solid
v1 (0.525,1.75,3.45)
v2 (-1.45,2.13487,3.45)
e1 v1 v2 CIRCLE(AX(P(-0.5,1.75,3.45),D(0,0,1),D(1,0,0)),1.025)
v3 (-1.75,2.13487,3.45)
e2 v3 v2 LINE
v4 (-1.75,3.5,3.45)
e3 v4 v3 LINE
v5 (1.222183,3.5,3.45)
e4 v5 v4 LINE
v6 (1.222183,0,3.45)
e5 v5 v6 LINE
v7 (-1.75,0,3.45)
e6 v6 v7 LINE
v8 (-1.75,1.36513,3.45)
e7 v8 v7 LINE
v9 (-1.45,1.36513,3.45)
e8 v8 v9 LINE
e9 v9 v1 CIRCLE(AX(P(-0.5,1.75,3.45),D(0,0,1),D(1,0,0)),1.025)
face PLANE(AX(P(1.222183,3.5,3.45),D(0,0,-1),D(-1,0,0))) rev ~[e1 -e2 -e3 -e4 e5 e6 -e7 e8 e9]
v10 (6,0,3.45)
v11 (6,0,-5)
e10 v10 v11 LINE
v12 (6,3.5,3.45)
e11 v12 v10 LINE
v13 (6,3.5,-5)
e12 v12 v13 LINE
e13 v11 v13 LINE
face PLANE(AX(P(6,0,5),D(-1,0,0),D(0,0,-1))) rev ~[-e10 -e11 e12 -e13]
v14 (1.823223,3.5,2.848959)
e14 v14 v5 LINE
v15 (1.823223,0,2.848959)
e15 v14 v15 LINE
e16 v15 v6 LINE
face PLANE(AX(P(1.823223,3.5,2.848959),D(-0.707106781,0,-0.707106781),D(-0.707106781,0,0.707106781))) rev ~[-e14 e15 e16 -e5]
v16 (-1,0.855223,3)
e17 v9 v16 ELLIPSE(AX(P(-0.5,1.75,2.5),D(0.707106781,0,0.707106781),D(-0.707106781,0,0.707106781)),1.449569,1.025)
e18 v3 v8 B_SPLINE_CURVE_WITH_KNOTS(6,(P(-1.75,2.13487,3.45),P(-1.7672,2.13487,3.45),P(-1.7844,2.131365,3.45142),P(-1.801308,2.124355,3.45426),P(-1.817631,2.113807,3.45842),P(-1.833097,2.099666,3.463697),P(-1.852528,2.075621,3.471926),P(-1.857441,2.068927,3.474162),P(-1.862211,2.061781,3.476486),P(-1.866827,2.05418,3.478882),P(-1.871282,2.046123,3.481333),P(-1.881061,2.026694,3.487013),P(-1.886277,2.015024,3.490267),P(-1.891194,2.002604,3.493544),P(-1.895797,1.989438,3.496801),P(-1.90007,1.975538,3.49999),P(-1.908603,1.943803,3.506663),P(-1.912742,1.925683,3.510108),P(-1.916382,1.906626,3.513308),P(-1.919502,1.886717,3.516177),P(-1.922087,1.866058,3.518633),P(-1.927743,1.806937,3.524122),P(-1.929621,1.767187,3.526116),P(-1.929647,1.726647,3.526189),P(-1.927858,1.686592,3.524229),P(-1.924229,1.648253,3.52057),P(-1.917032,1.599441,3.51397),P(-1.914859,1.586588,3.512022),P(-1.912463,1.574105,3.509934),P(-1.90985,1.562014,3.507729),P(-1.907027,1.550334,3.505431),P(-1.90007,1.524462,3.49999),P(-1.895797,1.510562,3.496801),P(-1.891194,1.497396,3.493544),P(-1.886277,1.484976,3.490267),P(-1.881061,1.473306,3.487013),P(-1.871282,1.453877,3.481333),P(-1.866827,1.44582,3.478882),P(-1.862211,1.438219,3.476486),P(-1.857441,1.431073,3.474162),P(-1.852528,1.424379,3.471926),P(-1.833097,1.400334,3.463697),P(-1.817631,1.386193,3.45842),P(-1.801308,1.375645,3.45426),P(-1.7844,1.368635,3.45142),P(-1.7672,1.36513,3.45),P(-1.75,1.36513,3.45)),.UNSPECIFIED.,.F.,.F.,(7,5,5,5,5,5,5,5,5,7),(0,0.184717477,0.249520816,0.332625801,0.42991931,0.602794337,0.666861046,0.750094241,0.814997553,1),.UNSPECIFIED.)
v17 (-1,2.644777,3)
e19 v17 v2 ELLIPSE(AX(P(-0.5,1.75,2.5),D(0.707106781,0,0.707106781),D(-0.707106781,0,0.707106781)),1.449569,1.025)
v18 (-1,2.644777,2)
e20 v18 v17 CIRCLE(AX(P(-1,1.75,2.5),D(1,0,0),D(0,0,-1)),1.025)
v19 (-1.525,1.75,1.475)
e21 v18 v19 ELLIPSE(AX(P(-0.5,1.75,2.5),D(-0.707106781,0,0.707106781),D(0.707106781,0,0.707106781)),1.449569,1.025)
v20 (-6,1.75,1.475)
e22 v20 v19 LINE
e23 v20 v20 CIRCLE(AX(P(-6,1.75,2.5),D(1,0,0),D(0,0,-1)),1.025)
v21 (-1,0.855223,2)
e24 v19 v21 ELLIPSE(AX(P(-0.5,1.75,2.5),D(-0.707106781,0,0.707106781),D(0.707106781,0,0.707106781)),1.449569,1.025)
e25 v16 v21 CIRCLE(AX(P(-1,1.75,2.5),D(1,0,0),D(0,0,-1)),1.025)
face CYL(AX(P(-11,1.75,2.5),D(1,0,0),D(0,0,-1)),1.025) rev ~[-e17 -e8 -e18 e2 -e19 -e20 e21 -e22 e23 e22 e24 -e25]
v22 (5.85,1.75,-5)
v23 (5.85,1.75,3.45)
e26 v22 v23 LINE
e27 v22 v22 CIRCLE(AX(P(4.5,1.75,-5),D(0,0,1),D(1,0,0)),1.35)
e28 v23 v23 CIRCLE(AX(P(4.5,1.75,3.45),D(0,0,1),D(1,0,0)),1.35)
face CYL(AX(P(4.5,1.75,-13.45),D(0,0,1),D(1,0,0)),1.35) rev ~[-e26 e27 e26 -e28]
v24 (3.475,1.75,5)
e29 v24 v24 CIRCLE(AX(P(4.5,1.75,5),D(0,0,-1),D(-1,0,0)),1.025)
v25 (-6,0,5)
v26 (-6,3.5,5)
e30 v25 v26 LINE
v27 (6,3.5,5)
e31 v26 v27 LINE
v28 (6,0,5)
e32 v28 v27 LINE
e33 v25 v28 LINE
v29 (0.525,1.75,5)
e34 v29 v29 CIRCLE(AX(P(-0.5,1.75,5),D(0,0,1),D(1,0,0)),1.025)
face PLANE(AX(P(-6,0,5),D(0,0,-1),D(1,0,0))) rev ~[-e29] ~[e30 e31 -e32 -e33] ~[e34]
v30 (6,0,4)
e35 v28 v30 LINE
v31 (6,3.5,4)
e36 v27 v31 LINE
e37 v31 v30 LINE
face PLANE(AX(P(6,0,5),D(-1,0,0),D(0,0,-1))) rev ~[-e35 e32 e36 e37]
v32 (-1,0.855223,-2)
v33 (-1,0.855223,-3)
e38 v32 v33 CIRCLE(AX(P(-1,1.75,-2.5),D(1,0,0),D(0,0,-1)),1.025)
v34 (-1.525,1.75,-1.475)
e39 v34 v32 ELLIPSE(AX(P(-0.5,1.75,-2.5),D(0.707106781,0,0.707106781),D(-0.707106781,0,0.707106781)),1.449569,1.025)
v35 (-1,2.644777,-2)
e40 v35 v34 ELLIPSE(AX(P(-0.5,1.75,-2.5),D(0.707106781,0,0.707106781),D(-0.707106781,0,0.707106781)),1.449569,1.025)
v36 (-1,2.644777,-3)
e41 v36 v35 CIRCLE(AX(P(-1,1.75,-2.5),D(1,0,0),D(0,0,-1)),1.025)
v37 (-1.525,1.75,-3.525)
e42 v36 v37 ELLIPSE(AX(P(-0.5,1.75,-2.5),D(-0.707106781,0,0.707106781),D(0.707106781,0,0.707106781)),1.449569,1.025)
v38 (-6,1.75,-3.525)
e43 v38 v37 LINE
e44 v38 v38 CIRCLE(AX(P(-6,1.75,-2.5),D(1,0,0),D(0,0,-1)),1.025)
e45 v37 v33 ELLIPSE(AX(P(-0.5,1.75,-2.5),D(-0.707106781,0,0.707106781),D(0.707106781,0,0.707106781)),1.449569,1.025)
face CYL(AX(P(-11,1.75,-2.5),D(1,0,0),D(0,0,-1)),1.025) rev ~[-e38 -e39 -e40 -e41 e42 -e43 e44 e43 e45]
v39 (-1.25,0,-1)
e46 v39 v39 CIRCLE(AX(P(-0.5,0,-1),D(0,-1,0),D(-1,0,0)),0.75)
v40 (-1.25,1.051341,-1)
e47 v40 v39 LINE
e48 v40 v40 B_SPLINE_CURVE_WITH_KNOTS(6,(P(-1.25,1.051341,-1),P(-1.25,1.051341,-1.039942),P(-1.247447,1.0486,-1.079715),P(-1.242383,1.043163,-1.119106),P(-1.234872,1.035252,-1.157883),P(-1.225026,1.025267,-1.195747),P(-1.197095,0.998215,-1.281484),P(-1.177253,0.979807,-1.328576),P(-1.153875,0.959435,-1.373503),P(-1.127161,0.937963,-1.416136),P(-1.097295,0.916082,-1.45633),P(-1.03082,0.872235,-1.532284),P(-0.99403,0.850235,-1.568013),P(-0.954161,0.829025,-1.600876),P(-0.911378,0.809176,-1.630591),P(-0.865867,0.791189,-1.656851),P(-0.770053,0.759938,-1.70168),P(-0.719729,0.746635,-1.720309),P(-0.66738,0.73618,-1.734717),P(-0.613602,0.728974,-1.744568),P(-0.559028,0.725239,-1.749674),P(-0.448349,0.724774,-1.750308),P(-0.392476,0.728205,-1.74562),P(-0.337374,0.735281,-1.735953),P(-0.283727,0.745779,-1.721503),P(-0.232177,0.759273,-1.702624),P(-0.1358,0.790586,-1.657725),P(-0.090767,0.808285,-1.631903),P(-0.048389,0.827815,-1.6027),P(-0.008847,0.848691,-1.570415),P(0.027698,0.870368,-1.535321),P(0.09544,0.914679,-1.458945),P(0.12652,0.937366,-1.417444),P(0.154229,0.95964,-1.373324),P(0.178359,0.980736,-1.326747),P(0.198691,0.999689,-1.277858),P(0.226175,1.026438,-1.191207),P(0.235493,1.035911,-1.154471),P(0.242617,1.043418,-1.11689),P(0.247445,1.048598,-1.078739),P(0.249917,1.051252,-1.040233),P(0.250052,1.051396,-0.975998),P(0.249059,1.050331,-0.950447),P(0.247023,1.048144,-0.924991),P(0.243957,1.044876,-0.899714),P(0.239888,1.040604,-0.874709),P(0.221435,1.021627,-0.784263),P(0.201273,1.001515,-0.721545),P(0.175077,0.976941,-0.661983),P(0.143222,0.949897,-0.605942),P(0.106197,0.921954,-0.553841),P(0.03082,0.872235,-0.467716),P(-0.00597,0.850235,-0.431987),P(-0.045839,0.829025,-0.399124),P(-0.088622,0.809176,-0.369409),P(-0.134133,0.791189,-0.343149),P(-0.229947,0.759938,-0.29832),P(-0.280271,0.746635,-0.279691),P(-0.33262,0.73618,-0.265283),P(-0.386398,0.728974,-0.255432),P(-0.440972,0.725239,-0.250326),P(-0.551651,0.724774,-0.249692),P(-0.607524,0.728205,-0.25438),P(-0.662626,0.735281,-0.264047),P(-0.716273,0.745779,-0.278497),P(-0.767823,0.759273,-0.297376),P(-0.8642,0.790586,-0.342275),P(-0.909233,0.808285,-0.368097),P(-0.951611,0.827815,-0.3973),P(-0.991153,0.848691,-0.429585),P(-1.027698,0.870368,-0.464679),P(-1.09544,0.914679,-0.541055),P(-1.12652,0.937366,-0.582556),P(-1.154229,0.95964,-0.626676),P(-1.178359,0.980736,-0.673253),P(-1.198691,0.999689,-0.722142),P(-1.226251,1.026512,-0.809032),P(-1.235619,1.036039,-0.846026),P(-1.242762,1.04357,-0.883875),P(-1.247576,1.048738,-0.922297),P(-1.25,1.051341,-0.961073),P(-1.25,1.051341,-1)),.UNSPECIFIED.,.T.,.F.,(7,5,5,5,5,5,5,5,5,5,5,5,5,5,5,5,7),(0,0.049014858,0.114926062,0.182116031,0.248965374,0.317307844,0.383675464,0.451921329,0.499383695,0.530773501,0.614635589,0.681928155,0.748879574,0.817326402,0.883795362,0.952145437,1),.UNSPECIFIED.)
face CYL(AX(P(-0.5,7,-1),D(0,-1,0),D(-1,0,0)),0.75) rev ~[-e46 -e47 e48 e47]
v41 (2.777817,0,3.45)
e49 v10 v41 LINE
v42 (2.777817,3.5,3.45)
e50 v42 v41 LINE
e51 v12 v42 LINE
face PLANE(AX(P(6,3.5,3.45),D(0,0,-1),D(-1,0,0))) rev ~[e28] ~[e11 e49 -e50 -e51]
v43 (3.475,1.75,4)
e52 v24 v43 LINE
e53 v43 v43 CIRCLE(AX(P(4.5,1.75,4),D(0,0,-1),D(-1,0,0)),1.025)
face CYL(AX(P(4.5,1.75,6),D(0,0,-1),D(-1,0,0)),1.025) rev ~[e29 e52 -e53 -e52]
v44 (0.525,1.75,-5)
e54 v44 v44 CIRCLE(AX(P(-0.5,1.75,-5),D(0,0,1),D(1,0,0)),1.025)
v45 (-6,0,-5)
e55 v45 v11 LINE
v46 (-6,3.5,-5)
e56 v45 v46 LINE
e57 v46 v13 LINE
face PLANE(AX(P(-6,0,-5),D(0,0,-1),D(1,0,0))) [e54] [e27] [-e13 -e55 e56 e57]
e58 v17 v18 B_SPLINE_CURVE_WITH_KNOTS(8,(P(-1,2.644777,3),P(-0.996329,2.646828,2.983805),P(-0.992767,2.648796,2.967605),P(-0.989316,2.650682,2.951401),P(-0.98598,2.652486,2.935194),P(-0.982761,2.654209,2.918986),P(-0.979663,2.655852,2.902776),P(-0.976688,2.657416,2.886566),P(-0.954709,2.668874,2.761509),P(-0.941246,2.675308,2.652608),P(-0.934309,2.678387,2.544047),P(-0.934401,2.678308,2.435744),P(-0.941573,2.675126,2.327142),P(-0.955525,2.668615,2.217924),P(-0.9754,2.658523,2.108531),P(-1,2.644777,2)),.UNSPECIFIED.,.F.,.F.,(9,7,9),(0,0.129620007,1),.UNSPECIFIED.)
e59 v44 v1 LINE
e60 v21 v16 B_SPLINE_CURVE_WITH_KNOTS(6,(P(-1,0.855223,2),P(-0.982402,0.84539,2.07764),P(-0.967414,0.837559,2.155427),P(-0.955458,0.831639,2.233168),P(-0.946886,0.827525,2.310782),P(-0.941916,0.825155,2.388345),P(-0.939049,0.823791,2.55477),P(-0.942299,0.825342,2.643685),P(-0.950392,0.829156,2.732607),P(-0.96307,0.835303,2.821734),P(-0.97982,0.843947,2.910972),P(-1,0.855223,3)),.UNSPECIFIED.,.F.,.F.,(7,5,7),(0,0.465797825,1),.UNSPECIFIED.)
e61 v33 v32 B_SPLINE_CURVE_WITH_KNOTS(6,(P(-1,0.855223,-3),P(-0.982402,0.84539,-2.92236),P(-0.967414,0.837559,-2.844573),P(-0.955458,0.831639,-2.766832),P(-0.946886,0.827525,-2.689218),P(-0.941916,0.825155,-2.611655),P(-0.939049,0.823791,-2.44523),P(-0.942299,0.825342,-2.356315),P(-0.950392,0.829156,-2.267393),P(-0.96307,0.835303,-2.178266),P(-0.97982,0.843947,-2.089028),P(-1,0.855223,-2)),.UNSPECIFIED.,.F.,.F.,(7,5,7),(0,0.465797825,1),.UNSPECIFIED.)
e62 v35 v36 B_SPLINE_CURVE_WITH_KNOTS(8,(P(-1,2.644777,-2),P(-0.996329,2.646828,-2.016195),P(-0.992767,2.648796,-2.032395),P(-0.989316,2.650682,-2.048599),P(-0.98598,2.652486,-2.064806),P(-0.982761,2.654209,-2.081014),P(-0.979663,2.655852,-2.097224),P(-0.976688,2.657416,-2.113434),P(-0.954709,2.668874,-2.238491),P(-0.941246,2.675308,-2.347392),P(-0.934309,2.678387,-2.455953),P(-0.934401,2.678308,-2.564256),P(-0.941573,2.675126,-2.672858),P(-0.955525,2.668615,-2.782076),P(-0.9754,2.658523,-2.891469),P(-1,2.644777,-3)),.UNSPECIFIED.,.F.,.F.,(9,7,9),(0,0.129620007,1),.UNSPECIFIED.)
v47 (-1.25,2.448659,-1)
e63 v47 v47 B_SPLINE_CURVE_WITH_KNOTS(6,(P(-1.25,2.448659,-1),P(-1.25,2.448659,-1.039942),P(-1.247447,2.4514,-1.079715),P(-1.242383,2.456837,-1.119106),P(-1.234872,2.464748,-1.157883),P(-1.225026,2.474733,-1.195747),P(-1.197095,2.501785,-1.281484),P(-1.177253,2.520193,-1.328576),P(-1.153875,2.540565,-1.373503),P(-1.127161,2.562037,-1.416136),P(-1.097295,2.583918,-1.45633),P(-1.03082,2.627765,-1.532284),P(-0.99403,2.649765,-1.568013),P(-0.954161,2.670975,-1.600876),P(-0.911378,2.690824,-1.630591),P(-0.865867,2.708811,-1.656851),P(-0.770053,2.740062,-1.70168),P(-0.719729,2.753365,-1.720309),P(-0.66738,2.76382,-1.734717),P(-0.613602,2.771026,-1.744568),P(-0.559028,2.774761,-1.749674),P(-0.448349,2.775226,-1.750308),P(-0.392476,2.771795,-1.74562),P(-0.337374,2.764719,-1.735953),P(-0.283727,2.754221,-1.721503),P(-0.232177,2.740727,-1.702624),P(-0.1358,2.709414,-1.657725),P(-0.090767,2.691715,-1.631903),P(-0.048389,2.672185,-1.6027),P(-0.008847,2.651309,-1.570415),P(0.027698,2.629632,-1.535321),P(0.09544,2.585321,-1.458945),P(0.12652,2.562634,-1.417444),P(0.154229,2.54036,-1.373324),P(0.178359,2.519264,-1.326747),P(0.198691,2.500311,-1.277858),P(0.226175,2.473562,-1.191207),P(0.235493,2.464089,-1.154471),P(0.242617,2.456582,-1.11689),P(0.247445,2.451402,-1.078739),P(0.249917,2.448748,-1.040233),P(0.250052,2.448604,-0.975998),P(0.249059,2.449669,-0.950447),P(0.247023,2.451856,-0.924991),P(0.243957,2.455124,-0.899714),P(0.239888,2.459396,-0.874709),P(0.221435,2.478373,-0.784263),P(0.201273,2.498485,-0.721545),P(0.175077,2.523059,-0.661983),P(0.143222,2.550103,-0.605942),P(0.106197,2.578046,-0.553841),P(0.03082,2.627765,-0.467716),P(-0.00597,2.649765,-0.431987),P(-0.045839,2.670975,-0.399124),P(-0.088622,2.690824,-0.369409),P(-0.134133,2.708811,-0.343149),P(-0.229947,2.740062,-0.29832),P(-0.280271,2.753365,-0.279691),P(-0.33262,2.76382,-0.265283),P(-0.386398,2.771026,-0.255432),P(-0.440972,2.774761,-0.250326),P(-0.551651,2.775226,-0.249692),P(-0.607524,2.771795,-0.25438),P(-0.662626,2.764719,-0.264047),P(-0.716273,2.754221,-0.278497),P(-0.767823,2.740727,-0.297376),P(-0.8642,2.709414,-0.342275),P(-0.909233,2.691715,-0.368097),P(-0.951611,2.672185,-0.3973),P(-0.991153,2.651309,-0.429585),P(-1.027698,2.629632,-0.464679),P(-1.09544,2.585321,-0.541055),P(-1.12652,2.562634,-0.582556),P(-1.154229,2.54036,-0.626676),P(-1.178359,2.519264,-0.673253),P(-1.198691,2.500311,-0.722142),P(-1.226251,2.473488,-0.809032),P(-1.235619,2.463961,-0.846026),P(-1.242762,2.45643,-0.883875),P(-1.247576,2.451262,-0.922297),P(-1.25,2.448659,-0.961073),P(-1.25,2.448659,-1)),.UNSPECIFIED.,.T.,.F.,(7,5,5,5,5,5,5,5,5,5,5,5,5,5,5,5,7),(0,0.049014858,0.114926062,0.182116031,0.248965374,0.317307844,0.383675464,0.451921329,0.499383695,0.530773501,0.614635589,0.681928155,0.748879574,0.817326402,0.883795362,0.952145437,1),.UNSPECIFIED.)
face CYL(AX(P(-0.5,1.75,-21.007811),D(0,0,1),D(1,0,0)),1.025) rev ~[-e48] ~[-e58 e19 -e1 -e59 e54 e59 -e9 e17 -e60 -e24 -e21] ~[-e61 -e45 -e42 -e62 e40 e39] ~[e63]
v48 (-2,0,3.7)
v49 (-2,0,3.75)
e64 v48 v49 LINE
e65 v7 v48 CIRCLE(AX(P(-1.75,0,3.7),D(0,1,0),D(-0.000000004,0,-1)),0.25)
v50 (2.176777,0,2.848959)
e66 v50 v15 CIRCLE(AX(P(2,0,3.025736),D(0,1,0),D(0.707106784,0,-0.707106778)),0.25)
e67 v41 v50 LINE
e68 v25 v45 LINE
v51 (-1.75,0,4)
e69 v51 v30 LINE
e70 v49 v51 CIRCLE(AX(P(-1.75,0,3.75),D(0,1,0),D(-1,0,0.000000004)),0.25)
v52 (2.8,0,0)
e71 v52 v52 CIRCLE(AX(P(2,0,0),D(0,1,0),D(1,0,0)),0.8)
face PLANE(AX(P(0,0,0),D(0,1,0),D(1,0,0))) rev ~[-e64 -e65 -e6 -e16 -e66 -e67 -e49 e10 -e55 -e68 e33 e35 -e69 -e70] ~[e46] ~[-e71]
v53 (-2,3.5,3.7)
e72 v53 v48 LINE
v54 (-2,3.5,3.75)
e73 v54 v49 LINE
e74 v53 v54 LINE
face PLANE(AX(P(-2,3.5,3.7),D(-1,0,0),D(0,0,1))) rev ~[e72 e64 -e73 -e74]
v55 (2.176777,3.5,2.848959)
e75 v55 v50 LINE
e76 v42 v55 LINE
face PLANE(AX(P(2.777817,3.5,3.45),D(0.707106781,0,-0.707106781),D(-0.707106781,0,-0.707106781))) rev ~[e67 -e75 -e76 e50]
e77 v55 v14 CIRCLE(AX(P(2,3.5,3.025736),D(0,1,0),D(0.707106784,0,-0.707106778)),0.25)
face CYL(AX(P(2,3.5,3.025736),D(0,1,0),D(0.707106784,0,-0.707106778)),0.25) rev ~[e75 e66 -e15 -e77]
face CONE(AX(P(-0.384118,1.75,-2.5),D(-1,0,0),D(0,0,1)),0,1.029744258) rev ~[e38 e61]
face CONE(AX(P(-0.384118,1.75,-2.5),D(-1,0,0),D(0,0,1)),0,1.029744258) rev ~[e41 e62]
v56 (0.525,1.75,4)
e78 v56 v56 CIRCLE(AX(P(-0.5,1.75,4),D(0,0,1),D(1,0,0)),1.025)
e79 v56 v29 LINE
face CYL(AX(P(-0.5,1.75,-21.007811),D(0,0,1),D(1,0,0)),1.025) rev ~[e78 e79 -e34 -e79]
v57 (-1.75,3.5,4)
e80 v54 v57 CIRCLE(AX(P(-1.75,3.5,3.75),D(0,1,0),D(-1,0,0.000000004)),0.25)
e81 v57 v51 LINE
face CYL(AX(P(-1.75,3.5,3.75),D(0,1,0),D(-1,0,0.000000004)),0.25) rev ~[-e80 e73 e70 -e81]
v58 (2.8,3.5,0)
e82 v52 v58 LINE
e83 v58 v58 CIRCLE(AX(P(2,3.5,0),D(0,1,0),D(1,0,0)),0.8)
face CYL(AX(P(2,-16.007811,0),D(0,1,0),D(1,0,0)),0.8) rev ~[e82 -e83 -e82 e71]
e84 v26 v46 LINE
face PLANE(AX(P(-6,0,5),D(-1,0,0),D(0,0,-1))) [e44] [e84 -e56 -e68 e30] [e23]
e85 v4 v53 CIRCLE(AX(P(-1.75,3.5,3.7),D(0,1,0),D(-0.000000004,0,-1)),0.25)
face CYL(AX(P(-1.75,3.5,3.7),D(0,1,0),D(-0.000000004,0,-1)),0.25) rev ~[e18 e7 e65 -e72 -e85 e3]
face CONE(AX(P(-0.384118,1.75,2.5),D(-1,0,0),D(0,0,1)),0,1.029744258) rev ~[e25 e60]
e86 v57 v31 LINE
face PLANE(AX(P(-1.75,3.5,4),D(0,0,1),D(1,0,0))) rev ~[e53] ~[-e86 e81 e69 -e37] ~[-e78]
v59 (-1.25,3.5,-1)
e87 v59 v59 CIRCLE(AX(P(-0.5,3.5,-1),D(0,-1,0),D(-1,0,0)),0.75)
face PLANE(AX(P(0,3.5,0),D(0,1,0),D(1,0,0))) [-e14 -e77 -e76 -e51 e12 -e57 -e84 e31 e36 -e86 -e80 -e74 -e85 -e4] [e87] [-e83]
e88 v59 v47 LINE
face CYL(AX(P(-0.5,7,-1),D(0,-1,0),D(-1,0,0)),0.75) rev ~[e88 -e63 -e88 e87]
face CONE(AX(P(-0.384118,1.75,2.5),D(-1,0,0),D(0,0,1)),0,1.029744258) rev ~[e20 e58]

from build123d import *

# Parameters (mm, degrees)
SKETCH1_W                      = 12
SKETCH1_H                      = 10
BOSS_EXTRUDE1_DEPTH            = 3.5
CUT_EXTRUDE1_DEPTH             = 3.5
M2_5_CLEARANCE_HOLE1_D         = 2.7
M2_5_CLEARANCE_HOLE1_DEPTH     = 8.45
M2_5_TAPPED_HOLE1_D            = 2.05
M2_5_TAPPED_HOLE1_DEPTH        = 1
F_1_5_1_5_DIAMETER_HOLE1_D     = 1.5
F_1_5_1_5_DIAMETER_HOLE1_DEPTH = 3.5
M2_5_TAPPED_HOLE2_D            = 2.05
M2_5_TAPPED_HOLE4_D            = 2.05
M2_5_TAPPED_HOLE4_DEPTH        = 5
M2_5_TAPPED_HOLE4_TIP          = 0.615882135
M2_TAPPED_HOLE1_D              = 1.6


with BuildPart() as part:
    # Sketch1 → Boss-Extrude1 (new body)
    with BuildSketch(Plane(origin=(0, 0, 0), x_dir=(1, 0, 0), z_dir=(0, 1, 0))):
        Rectangle(SKETCH1_W, SKETCH1_H)
    extrude(amount=BOSS_EXTRUDE1_DEPTH)

    # Sketch2 → Cut-Extrude1 (cut)
    with BuildSketch(Plane(origin=(0, 3.5, 0), x_dir=(1, 0, 0), z_dir=(0, 1, 0))):
        with BuildLine():
            Line((2.777817459, -3.45), (2.176776695, -2.848959236))
            ThreePointArc((2.176776695, -2.848959236), (2, -2.775735931), (1.823223305, -2.848959236))
            Line((1.823223305, -2.848959236), (1.222182541, -3.45))
            Line((1.222182541, -3.45), (-1.75, -3.45))
            ThreePointArc((-1.75, -3.45), (-1.926776695, -3.523223305), (-2, -3.7))
            Line((-2, -3.7), (-2, -3.75))
            ThreePointArc((-2, -3.75), (-1.926776695, -3.926776695), (-1.75, -4))
            Line((-1.75, -4), (6, -4))
            Line((6, -4), (6, -3.45))
            Line((6, -3.45), (2.777817459, -3.45))
        make_face()
    extrude(amount=-CUT_EXTRUDE1_DEPTH, mode=Mode.SUBTRACT)

    # M2.5 Clearance Hole1
    with Locations(Plane(origin=(0, 0, -5), x_dir=(-1, 0, 0), z_dir=(0, 0, -1))):
        with Locations((-4.5, 1.75)):
            Hole(M2_5_CLEARANCE_HOLE1_D / 2, depth=M2_5_CLEARANCE_HOLE1_DEPTH)

    # M2.5 Tapped Hole1
    with Locations(Plane.XY.offset(5)):
        with Locations((4.5, 1.75)):
            Hole(M2_5_TAPPED_HOLE1_D / 2, depth=M2_5_TAPPED_HOLE1_DEPTH)

    # Ø1.5 (1.5) Diameter Hole1
    with Locations(Plane(origin=(0, 3.5, 0), x_dir=(1, 0, 0), z_dir=(0, 1, 0))):
        with Locations((-0.5, 1)):
            Hole(F_1_5_1_5_DIAMETER_HOLE1_D / 2, depth=F_1_5_1_5_DIAMETER_HOLE1_DEPTH)

    # M2.5 Tapped Hole2 (through all)
    with Locations(Plane(origin=(0, 0, -5), x_dir=(-1, 0, 0), z_dir=(0, 0, -1))):
        with Locations((0.5, 1.75)):
            Hole(M2_5_TAPPED_HOLE2_D / 2)

    # M2.5 Tapped Hole4
    with Locations(Plane.ZY.offset(6)):
        with Locations((-2.5, 1.75), (2.5, 1.75)):
            Hole(M2_5_TAPPED_HOLE4_D / 2, depth=M2_5_TAPPED_HOLE4_DEPTH)
            with Locations((0, 0, -(M2_5_TAPPED_HOLE4_DEPTH + M2_5_TAPPED_HOLE4_TIP / 2))):  # 118° drill point
                Cone(0, M2_5_TAPPED_HOLE4_D / 2, M2_5_TAPPED_HOLE4_TIP, mode=Mode.SUBTRACT)

    # M2 Tapped Hole1 (through all)
    with Locations(Plane(origin=(0, 0, 0), x_dir=(-1, 0, 0), z_dir=(0, -1, 0))):
        with Locations((-2, 0)):
            Hole(M2_TAPPED_HOLE1_D / 2)


solid = part.part
